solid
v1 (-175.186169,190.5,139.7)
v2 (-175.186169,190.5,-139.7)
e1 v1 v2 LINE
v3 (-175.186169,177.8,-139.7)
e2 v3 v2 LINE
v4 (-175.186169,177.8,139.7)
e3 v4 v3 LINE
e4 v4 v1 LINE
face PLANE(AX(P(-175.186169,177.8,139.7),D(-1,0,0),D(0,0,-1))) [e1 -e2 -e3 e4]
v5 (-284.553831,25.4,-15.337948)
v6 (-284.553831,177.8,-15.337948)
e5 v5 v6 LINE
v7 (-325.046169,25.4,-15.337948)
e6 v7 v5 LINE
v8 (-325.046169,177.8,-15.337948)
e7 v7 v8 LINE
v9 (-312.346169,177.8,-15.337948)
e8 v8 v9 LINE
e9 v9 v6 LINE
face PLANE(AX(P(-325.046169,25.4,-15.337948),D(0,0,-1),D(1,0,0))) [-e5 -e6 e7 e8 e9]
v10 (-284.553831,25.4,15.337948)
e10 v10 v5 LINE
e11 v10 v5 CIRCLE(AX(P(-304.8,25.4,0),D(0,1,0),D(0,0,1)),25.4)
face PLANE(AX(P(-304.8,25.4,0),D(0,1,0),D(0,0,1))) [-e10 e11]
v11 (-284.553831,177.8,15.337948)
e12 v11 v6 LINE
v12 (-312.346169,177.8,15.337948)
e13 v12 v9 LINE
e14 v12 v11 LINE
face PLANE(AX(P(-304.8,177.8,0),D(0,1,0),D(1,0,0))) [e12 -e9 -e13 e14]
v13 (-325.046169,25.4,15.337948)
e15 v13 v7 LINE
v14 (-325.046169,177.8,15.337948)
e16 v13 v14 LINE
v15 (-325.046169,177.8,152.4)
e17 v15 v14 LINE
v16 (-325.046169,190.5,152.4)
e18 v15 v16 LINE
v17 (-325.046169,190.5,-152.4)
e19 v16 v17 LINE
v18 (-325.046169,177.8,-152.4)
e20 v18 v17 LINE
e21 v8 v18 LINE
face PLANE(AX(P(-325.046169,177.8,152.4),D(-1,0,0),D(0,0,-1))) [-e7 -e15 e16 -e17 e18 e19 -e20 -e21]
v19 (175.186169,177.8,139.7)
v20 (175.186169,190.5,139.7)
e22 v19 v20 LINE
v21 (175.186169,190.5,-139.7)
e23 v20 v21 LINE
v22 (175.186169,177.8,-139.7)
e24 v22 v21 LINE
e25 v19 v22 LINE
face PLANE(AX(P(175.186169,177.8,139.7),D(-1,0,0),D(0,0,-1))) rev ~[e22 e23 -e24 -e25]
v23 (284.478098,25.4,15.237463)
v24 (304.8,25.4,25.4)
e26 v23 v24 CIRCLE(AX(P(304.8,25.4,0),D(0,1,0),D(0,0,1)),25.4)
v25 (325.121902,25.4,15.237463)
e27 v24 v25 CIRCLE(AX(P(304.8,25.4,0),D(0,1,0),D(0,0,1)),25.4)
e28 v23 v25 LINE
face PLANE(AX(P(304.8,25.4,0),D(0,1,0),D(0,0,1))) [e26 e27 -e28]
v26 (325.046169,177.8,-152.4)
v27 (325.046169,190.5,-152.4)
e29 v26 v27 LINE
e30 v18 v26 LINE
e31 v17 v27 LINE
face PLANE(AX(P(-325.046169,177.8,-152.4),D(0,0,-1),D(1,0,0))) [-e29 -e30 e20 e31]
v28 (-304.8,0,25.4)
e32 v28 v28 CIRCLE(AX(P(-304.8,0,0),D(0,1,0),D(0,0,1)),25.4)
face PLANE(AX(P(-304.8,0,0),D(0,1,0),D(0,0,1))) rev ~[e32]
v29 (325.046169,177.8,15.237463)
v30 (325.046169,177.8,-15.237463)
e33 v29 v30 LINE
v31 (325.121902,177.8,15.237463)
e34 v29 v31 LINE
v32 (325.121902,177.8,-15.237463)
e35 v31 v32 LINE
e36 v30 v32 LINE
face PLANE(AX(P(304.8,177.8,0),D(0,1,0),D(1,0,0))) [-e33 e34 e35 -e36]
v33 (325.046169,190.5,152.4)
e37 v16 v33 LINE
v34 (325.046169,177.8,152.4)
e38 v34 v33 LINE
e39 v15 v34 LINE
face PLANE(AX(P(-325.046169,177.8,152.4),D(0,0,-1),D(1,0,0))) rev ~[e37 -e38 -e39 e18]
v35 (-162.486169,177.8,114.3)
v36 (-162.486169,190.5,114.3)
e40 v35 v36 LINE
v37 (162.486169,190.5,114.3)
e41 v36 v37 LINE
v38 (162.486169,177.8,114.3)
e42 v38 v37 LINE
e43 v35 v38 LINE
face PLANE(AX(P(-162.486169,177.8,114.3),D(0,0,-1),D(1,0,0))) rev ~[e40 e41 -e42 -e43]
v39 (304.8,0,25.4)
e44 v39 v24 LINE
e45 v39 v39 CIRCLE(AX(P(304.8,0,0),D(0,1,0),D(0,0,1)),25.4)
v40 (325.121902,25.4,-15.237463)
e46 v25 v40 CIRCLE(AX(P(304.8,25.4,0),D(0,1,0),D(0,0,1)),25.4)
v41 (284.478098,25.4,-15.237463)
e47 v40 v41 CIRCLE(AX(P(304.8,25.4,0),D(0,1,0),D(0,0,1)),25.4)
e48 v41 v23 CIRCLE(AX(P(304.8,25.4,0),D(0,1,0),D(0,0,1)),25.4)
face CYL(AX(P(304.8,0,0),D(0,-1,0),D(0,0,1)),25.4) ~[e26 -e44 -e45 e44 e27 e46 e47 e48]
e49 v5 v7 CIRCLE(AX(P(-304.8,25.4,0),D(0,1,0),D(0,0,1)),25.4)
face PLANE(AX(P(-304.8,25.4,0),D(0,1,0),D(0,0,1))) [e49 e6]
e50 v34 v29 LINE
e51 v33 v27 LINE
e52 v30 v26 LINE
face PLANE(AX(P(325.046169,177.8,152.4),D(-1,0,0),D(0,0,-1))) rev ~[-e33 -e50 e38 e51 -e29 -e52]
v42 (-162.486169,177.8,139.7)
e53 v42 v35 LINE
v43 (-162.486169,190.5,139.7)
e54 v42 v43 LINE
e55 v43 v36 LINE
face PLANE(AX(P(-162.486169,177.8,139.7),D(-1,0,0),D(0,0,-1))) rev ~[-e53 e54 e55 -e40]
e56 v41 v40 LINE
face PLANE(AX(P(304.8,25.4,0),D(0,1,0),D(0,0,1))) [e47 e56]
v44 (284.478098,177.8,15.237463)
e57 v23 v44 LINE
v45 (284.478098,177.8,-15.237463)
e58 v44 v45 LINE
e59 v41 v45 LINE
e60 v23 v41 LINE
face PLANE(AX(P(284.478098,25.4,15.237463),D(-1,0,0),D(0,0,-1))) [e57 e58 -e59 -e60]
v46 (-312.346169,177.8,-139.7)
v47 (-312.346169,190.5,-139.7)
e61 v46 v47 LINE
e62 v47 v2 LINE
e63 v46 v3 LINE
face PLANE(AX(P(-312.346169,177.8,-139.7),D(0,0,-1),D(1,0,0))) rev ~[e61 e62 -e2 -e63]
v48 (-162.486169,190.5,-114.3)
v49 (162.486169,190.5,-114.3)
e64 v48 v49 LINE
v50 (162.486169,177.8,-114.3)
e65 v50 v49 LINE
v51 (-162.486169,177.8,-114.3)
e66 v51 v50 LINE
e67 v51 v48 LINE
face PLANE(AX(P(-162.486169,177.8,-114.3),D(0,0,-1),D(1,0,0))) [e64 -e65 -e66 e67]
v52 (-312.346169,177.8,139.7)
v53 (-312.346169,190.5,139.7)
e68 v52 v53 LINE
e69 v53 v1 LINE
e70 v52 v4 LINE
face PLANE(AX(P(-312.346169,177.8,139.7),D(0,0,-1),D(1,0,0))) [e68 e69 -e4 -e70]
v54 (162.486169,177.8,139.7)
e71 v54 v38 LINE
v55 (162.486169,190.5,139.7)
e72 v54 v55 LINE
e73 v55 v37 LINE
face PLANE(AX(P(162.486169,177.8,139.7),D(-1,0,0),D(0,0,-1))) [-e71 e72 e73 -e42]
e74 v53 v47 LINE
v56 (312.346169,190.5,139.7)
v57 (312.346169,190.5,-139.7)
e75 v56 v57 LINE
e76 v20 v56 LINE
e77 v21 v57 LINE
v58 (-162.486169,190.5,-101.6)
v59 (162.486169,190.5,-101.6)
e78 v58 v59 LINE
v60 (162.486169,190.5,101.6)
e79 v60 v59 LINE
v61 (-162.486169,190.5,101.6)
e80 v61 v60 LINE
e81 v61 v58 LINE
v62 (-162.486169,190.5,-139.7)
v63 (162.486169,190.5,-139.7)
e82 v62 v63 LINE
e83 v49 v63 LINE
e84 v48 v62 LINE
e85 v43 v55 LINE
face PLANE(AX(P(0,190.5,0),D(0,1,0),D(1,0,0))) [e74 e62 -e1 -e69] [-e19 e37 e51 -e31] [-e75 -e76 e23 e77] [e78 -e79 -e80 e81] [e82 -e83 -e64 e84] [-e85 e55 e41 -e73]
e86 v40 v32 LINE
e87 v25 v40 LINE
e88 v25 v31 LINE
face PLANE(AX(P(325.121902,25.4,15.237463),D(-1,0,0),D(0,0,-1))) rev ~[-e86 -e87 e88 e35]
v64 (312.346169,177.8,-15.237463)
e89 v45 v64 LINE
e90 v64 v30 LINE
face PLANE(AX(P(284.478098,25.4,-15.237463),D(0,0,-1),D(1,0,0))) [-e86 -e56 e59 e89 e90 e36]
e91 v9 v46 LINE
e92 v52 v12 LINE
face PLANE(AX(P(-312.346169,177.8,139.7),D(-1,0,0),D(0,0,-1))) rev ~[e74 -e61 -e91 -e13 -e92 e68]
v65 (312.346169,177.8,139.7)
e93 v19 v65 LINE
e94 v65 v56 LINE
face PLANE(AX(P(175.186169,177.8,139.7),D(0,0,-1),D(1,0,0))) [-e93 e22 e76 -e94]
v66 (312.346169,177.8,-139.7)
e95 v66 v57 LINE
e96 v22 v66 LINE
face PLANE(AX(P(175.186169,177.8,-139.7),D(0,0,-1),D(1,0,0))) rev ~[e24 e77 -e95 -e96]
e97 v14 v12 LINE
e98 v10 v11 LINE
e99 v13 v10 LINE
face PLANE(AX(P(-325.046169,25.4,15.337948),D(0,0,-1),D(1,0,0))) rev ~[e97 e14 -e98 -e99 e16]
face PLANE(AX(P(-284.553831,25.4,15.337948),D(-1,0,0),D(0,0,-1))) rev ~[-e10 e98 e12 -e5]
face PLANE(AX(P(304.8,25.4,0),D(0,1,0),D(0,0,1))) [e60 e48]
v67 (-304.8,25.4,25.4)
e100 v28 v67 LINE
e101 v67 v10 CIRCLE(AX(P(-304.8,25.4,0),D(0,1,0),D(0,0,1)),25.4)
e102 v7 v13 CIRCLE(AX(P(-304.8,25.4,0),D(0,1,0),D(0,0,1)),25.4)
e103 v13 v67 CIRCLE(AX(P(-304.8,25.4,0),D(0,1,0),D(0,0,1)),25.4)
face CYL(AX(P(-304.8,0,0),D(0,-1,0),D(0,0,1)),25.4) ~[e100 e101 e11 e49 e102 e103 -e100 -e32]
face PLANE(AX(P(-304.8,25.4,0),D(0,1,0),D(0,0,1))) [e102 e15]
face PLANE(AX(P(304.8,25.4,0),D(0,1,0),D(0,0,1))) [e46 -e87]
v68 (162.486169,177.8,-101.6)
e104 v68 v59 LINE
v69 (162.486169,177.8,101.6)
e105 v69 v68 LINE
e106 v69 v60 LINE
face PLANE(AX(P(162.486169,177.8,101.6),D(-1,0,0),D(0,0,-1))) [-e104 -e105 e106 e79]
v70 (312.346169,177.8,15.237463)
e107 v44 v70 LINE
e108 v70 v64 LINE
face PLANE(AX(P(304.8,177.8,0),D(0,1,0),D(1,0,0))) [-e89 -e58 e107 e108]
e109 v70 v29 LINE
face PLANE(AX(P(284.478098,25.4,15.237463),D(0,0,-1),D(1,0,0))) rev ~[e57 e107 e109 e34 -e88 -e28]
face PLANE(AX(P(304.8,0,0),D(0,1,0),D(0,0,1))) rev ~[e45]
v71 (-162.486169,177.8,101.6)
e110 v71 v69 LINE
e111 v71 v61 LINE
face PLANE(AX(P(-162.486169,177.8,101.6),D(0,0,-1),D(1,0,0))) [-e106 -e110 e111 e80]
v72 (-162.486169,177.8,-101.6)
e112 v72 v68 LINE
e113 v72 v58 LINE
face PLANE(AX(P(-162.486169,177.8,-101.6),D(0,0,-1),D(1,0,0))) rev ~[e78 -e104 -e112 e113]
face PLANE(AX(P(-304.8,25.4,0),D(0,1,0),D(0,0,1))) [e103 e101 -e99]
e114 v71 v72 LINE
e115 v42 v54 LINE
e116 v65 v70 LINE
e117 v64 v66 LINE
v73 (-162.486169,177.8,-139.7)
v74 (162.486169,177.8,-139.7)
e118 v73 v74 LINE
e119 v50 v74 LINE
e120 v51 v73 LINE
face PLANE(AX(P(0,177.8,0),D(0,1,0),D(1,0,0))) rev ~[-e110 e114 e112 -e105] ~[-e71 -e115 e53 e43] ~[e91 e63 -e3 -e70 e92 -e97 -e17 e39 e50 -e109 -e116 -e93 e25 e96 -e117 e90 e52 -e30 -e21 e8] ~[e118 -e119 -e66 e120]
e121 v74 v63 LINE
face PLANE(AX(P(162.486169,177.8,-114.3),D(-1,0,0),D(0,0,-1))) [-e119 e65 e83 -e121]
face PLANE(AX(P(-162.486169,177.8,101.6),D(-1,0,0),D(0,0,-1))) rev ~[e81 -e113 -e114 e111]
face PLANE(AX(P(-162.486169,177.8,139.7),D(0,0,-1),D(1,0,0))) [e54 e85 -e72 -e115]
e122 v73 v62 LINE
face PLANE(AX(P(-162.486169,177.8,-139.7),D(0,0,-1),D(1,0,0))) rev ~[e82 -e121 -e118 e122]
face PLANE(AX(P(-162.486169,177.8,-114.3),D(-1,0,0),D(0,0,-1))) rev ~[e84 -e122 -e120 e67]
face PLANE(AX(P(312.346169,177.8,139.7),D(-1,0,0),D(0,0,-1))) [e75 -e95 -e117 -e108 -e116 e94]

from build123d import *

# Parameters (mm, degrees)
SKETCH1_R             = 25.4
BOSS_EXTRUDE1_DEPTH   = 25.4
BOSS_EXTRUDE1_2_DEPTH = 25.4
SKETCH3_W             = 40.64380449
SKETCH3_H             = 30.474926688
BOSS_EXTRUDE2_DEPTH   = 152.4
SKETCH4_W             = 40.492338346
SKETCH4_H             = 30.67589502
BOSS_EXTRUDE3_DEPTH   = 152.4
SKETCH5_W             = 650.092338346
SKETCH5_H             = 304.8
SKETCH5_W_2           = 137.16
SKETCH5_H_2           = 279.4
SKETCH5_W_3           = 324.972338346
SKETCH5_H_3           = 25.4
SKETCH5_H_4           = 203.2
BOSS_EXTRUDE4_DEPTH   = 12.7


with BuildPart() as part:
    # Sketch1 → Boss-Extrude1 (new body)
    with BuildSketch(Plane(origin=(0, 0, 0), x_dir=(1, 0, 0), z_dir=(0, 1, 0))):
        with Locations(Location((304.8, 0, 0), (0, 0, 270))):
            Circle(SKETCH1_R)
    extrude(amount=BOSS_EXTRUDE1_DEPTH)

    # Sketch3 → Boss-Extrude2 (add)
    with BuildSketch(Plane(origin=(0, 25.4, 0), x_dir=(1, 0, 0), z_dir=(0, 1, 0))):
        with Locations((304.8, 0)):
            Rectangle(SKETCH3_W, SKETCH3_H)
    extrude(amount=BOSS_EXTRUDE2_DEPTH)



with BuildPart() as body_2:
    # Sketch1 → Boss-Extrude1 2 (new body)
    with BuildSketch(Plane(origin=(0, 0, 0), x_dir=(1, 0, 0), z_dir=(0, 1, 0))):
        with Locations(Location((-304.8, 0, 0), (0, 0, 270))):
            Circle(SKETCH1_R)
    extrude(amount=BOSS_EXTRUDE1_2_DEPTH)

    # Sketch4 → Boss-Extrude3 (add)
    with BuildSketch(Plane(origin=(0, 25.4, 0), x_dir=(1, 0, 0), z_dir=(0, 1, 0))):
        with Locations((-304.8, 0)):
            Rectangle(SKETCH4_W, SKETCH4_H)
    extrude(amount=BOSS_EXTRUDE3_DEPTH)


with BuildPart() as part_1:
    add(part.part)

    add(body_2.part)  # Boss-Extrude4 merges body 2
    # Sketch5 → Boss-Extrude4 (add)
    with BuildSketch(Plane(origin=(0, 177.8, 0), x_dir=(1, 0, 0), z_dir=(0, 1, 0))):
        Rectangle(SKETCH5_W, SKETCH5_H)
        with Locations((-243.766169173, 0)):
            Rectangle(SKETCH5_W_2, SKETCH5_H_2, mode=Mode.SUBTRACT)
        with Locations((243.766169173, 0)):
            Rectangle(SKETCH5_W_2, SKETCH5_H_2, mode=Mode.SUBTRACT)
        with Locations((0, 127)):
            Rectangle(SKETCH5_W_3, SKETCH5_H_3, mode=Mode.SUBTRACT)
        Rectangle(SKETCH5_W_3, SKETCH5_H_4, mode=Mode.SUBTRACT)
        with Locations((0, -127)):
            Rectangle(SKETCH5_W_3, SKETCH5_H_3, mode=Mode.SUBTRACT)
    extrude(amount=BOSS_EXTRUDE4_DEPTH)


solid = part_1.part
